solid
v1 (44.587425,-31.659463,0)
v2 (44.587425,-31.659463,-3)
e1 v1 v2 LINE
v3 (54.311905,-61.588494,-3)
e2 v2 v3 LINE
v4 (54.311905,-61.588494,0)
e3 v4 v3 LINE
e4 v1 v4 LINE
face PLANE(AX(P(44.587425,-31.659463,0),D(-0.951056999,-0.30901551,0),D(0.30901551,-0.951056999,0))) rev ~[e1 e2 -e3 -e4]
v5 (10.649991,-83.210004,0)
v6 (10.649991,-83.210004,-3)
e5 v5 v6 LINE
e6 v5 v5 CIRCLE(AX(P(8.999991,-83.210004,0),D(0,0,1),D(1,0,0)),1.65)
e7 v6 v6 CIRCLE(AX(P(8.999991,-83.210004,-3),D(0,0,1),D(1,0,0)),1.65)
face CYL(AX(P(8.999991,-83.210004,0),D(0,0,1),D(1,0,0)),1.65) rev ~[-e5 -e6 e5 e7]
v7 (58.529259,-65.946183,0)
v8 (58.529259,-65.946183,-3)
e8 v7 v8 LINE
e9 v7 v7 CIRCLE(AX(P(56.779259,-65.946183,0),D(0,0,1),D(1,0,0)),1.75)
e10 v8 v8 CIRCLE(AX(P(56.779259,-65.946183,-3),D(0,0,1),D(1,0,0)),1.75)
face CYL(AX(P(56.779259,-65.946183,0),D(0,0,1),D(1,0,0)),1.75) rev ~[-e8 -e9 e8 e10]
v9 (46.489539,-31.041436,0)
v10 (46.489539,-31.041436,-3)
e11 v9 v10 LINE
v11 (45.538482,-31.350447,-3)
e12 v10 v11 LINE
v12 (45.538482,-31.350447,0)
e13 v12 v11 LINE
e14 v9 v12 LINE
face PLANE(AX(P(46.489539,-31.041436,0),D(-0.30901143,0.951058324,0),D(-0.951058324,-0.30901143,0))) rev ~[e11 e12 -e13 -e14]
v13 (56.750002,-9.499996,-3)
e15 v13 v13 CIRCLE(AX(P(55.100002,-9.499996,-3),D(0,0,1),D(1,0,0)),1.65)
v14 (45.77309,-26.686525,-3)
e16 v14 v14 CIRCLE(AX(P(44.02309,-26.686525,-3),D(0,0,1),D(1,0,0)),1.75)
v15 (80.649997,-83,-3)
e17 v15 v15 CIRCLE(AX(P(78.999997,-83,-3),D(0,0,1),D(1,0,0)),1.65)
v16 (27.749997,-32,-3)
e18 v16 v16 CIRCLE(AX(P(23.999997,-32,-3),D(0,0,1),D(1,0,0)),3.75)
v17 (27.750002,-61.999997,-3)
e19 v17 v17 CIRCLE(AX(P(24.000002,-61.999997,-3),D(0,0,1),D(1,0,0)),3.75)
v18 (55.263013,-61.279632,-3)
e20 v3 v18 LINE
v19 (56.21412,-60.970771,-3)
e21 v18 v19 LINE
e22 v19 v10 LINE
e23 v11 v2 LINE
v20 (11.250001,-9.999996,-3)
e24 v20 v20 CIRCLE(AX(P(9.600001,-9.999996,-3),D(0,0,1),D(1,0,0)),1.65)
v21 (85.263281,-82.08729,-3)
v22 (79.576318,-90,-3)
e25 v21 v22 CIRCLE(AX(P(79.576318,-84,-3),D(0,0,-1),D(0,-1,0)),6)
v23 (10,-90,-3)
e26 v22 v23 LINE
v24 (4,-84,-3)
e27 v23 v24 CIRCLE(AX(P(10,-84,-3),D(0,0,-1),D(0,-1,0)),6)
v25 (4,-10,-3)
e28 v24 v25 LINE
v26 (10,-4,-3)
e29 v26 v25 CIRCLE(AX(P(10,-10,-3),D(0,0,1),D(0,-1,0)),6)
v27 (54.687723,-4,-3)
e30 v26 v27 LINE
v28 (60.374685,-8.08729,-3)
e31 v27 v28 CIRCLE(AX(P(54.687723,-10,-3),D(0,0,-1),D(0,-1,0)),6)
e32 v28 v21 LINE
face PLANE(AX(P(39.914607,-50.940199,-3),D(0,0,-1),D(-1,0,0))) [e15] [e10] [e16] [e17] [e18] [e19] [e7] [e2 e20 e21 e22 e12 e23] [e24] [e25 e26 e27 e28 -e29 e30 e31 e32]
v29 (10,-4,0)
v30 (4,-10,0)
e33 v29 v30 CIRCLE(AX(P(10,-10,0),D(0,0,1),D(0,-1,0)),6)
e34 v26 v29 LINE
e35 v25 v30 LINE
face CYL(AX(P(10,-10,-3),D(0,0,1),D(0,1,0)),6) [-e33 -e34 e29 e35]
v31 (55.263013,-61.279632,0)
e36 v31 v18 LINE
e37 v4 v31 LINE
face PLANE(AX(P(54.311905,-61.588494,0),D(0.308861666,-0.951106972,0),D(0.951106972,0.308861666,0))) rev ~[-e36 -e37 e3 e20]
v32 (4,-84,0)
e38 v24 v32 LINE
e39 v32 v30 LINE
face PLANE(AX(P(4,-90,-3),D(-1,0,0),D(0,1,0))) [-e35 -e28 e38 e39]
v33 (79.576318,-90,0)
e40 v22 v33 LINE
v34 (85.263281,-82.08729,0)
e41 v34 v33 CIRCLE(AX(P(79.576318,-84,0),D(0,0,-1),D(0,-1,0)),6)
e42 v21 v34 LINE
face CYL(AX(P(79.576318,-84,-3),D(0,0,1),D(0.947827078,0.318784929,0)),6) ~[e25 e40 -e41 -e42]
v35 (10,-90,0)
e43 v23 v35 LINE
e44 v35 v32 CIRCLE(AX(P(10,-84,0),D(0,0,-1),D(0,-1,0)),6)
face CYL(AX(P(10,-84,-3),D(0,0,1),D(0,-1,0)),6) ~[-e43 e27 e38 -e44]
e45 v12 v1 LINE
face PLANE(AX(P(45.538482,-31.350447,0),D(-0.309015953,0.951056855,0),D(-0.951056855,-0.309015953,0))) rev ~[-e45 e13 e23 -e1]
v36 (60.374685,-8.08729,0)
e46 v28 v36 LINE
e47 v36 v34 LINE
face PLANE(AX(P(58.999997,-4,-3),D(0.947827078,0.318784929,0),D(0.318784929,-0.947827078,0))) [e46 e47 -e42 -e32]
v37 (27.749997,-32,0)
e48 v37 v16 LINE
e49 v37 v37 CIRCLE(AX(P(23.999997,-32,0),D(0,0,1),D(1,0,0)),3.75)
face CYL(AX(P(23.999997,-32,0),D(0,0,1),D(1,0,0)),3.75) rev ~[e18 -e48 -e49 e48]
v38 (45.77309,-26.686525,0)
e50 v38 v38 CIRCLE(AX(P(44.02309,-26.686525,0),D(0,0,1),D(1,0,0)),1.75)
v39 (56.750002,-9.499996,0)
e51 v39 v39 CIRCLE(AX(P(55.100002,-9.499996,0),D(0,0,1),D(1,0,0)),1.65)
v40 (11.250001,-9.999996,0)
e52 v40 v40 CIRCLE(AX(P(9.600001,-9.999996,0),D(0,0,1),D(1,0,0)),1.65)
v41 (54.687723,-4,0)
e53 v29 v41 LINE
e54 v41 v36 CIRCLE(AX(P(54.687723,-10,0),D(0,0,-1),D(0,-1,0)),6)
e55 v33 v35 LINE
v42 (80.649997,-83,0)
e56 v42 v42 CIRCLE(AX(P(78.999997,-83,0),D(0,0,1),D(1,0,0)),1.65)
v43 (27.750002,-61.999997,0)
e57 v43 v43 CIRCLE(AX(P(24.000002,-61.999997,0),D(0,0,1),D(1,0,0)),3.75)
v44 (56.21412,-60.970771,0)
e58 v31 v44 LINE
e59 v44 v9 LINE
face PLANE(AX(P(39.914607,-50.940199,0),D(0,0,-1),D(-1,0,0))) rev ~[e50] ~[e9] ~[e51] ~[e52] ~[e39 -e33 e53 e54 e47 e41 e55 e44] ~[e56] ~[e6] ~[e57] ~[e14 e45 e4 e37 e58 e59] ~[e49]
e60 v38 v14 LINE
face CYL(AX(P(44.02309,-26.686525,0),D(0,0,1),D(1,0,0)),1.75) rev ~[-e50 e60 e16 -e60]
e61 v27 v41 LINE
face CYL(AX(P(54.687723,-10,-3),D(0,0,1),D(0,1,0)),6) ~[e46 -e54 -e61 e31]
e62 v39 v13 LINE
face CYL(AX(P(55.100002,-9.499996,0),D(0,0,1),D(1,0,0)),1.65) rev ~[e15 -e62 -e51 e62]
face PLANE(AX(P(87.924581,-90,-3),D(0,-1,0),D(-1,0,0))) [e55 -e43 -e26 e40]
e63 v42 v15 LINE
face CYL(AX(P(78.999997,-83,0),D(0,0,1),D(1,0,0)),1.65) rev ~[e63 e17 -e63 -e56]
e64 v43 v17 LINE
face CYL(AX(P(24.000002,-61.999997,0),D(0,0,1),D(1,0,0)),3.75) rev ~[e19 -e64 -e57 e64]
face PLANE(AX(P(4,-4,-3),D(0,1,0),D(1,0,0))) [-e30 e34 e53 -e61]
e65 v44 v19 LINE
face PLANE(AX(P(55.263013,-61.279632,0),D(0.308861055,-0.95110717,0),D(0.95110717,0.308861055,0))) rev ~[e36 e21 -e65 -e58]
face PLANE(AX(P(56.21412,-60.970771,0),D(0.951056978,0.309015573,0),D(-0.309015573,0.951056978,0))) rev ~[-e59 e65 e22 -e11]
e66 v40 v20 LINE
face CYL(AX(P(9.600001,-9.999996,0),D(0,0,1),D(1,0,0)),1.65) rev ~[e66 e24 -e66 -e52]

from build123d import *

# Parameters (mm, degrees)
PAD004_DEPTH    = 3
FILLET016_R     = 6
SKETCH144_R     = 3.75
POCKET031_DEPTH = 5
SKETCH145_R     = 1.75
POCKET058_DEPTH = 3
SKETCH191_R     = 1.65
POCKET060_DEPTH = 3


with BuildPart() as part:
    # Sketch143 → Pad004 (new body)
    with BuildSketch(Plane.XY.offset(45)):
        Polygon((282.000003, 258), (337, 258), (365.924584, 172), (282.000003, 172), align=None)
    extrude(amount=PAD004_DEPTH)

    # Fillet016
    fillet016_edges = [part.edges().sort_by_distance(p)[0] for p in [
        (365.924584, 172, 46.5),
        (282.000003, 172, 46.5),
        (282.000003, 258, 46.5),
        (337, 258, 46.5),
    ]]
    fillet(fillet016_edges, radius=FILLET016_R)

    # Sketch144 (on Face5 of Fillet016) → Pocket031 (cut)
    with BuildSketch(Plane.XY.offset(48)):
        with Locations((302, 230)):
            Circle(SKETCH144_R)
        with Locations((302.000005, 200.000003)):
            Circle(SKETCH144_R)
    extrude(amount=-POCKET031_DEPTH, mode=Mode.SUBTRACT)

    # Sketch145 (on Face5 of Pocket031) → Pocket058 (cut)
    with BuildSketch(Plane.XY.offset(48)):
        with Locations((322.023093, 235.313475)):
            Circle(SKETCH145_R)
        with Locations((334.779262, 196.053817)):
            Circle(SKETCH145_R)
        Polygon((333.263016, 200.720368), (334.214123, 201.029229), (324.489542, 230.958564), (323.538485, 230.649553), (322.587428, 230.340537), (332.311908, 200.411506), align=None)
    extrude(amount=-POCKET058_DEPTH, mode=Mode.SUBTRACT)

    # Sketch191 (on Face5 of Pocket058) → Pocket060 (cut)
    with BuildSketch(Plane.XY.offset(48)):
        with Locations((286.999994, 178.789996)):
            Circle(SKETCH191_R)
        with Locations((287.600004, 252.000004)):
            Circle(SKETCH191_R)
        with Locations((333.100005, 252.500004)):
            Circle(SKETCH191_R)
        with Locations((357, 179)):
            Circle(SKETCH191_R)
    extrude(amount=-POCKET060_DEPTH, mode=Mode.SUBTRACT)


with BuildPart() as part_1:
    # Body015 placement: moved
    add(part.part.moved(Location((0, 0, -2.9))))


with BuildPart() as part_2:
    # Clone placement: moved
    add(part_1.part.moved(Location((-278.000003, -262, -45.1))))


solid = part_2.part
